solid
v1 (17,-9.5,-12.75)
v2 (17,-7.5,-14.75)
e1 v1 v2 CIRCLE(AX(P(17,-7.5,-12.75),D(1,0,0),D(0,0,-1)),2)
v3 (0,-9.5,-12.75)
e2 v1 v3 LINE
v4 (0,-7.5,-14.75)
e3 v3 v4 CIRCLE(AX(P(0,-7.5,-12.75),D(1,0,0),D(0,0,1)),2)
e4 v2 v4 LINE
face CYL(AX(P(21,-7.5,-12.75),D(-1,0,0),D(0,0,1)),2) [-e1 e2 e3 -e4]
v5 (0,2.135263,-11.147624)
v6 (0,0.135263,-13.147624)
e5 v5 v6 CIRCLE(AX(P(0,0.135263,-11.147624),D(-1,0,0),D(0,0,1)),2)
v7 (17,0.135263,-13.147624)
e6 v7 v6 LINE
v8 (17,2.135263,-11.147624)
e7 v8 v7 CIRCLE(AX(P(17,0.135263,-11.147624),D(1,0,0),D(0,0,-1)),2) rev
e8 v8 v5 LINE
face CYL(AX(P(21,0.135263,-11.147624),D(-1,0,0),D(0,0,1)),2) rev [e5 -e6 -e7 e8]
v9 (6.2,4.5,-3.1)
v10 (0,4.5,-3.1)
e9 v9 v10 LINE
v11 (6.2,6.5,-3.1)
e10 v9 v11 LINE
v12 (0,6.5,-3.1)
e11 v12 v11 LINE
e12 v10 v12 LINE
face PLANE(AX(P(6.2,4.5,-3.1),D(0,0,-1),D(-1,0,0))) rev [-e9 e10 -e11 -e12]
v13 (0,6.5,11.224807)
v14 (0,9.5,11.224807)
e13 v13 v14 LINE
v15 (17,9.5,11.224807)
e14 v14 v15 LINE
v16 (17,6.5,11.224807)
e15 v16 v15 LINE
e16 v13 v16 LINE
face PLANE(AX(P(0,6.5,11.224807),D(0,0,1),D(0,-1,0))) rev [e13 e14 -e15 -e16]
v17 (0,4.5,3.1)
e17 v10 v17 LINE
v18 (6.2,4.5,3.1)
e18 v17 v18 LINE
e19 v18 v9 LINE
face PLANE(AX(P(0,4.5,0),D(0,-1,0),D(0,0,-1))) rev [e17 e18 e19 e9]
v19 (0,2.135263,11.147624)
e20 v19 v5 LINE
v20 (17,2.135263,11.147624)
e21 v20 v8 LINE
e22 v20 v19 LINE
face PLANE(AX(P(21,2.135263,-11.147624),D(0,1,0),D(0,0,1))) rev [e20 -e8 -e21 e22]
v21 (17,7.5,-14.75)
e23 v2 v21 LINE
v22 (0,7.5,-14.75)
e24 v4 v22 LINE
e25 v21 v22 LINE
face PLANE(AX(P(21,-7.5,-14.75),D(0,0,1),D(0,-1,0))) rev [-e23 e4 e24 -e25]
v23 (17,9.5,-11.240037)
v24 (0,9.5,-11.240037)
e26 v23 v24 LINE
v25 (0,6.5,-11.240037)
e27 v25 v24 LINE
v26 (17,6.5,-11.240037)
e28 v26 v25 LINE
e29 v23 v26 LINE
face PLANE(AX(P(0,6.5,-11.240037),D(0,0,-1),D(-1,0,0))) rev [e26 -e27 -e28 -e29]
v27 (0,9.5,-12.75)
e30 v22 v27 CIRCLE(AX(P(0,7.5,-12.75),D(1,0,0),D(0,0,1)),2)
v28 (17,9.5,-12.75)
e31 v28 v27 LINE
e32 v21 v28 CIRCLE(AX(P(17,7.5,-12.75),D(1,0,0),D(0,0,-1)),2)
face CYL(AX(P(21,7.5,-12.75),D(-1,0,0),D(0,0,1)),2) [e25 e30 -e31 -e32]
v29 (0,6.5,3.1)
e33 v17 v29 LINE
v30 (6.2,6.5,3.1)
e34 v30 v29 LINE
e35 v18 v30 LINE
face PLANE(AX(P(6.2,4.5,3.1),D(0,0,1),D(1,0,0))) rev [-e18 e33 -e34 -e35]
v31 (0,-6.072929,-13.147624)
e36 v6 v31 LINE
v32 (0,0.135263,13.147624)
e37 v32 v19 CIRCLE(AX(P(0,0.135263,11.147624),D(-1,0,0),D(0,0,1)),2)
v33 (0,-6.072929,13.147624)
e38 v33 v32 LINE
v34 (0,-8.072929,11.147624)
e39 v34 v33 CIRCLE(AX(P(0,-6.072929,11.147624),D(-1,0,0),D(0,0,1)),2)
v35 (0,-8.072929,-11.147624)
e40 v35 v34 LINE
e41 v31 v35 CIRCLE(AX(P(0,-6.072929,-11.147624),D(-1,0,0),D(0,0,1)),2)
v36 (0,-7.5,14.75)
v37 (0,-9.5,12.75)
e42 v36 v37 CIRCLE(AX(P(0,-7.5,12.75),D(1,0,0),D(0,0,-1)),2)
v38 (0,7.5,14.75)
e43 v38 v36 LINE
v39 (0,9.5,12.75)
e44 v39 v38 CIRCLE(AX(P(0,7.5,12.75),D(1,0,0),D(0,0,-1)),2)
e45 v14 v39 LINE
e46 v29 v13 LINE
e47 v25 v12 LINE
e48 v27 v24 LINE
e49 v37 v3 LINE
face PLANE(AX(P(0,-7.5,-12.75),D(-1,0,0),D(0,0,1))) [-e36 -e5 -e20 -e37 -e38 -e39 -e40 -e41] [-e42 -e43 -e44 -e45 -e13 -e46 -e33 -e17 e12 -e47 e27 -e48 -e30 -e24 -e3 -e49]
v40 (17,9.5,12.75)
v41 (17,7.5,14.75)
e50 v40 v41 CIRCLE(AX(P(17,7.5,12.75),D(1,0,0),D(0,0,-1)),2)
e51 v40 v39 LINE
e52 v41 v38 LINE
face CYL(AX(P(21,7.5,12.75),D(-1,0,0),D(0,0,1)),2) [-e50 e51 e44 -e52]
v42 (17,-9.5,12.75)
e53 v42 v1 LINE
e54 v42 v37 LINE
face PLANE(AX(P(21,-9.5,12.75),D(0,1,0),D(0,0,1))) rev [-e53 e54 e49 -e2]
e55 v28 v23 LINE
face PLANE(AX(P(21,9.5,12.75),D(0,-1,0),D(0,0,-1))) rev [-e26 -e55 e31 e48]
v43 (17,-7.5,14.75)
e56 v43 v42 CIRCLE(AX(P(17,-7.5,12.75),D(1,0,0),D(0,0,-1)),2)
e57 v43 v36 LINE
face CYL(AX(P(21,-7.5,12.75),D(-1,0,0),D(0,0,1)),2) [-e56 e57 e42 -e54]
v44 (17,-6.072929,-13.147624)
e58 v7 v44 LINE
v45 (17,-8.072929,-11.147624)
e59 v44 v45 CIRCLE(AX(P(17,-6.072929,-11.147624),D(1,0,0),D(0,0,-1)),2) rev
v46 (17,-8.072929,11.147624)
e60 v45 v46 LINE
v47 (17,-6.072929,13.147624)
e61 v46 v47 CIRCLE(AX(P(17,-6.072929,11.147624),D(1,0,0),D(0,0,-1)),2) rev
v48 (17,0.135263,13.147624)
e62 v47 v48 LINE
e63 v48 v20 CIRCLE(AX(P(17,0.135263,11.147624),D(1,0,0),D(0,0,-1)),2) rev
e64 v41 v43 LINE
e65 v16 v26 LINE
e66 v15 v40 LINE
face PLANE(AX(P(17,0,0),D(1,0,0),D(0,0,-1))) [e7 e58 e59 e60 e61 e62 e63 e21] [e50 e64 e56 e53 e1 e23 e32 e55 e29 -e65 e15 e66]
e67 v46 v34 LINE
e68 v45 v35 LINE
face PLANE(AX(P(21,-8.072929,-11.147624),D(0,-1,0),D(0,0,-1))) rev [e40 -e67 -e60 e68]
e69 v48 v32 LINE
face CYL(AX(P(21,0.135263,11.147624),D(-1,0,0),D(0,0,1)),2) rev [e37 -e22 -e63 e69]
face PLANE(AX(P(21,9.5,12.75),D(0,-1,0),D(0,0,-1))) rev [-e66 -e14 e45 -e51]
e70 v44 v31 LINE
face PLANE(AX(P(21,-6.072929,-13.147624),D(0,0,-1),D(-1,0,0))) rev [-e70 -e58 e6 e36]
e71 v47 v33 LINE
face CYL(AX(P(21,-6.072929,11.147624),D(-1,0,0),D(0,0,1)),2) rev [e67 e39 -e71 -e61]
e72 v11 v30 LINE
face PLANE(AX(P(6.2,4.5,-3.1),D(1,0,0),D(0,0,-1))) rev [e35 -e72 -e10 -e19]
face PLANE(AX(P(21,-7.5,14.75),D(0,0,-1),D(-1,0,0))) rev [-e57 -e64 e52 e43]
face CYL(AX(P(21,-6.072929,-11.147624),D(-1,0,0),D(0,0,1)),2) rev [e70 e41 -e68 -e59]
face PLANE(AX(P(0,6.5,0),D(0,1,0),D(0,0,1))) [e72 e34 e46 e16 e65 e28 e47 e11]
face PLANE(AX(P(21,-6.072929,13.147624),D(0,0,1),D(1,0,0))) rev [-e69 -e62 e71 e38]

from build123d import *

# Parameters (mm, degrees)
BOSS_EXTRUDE1_DEPTH     = 21
SKETCH5_W               = 6.2
SKETCH5_H               = 6.2
CUT_EXTRUDE1_DEPTH      = 5
CUT_EXTRUDE2_DEPTH      = 28.364438602
CUT_EXTRUDE2_DEPTH_BACK = 28.364438602
SKETCH9_W               = 24.284850455
SKETCH9_H               = 22.464844075
CUT_EXTRUDE3_DEPTH      = 3
SKETCH10_W              = 31.815901763
SKETCH10_H              = 21.67332365
CUT_EXTRUDE4_DEPTH      = 4


with BuildPart() as part:
    # Sketch3 → Boss-Extrude1 (new body)
    with BuildSketch(Plane(origin=(0, 0, 0), x_dir=(0, 0, -1), z_dir=(1, 0, 0))):
        with BuildLine():
            Line((-12.75, -9.5), (12.75, -9.5))
            ThreePointArc((12.75, -9.5), (14.164213562, -8.914213562), (14.75, -7.5))
            Line((14.75, -7.5), (14.75, 7.5))
            ThreePointArc((14.75, 7.5), (14.164213562, 8.914213562), (12.75, 9.5))
            Line((12.75, 9.5), (-12.75, 9.5))
            ThreePointArc((-12.75, 9.5), (-14.164213562, 8.914213562), (-14.75, 7.5))
            Line((-14.75, 7.5), (-14.75, -7.5))
            ThreePointArc((-14.75, -7.5), (-14.164213562, -8.914213562), (-12.75, -9.5))
        make_face()
    extrude(amount=BOSS_EXTRUDE1_DEPTH)

    # Sketch5 → Cut-Extrude1 (cut)
    with BuildSketch(Plane(origin=(0, 9.5, 0), x_dir=(1, 0, 0), z_dir=(0, 1, 0))):
        with Locations((3.1, 0)):
            Rectangle(SKETCH5_W, SKETCH5_H)
    extrude(amount=-CUT_EXTRUDE1_DEPTH, mode=Mode.SUBTRACT)

    # Sketch7 → Cut-Extrude2 (cut, two sides: drawn at the far end of the back side and taken through both)
    with BuildSketch(Plane.ZY.offset(-CUT_EXTRUDE2_DEPTH_BACK)):
        with BuildLine():
            Line((-11.147623693, -8.072928754), (11.147623693, -8.072928754))
            ThreePointArc((11.147623693, -8.072928754), (12.561837255, -7.487142316), (13.147623693, -6.072928754))
            Line((13.147623693, -6.072928754), (13.147623693, 0.135263404))
            ThreePointArc((13.147623693, 0.135263404), (12.561837255, 1.549476966), (11.147623693, 2.135263404))
            Line((11.147623693, 2.135263404), (-11.147623693, 2.135263404))
            ThreePointArc((-11.147623693, 2.135263404), (-12.561837255, 1.549476966), (-13.147623693, 0.135263404))
            Line((-13.147623693, 0.135263404), (-13.147623693, -6.072928754))
            ThreePointArc((-13.147623693, -6.072928754), (-12.561837255, -7.487142316), (-11.147623693, -8.072928754))
        make_face()
    extrude(amount=CUT_EXTRUDE2_DEPTH + CUT_EXTRUDE2_DEPTH_BACK, mode=Mode.SUBTRACT)

    # Sketch9 → Cut-Extrude3 (cut)
    with BuildSketch(Plane(origin=(0, 9.5, 0), x_dir=(1, 0, 0), z_dir=(0, 1, 0))):
        with Locations((12.142425228, 0.007615305)):
            Rectangle(SKETCH9_W, SKETCH9_H)
    extrude(amount=-CUT_EXTRUDE3_DEPTH, mode=Mode.SUBTRACT)

    # Sketch10 → Cut-Extrude4 (cut)
    with BuildSketch(Plane(origin=(21, 0, 0), x_dir=(0, 0, -1), z_dir=(1, 0, 0))):
        with Locations((-0.011194899, 0.447795943)):
            Rectangle(SKETCH10_W, SKETCH10_H)
    extrude(amount=-CUT_EXTRUDE4_DEPTH, mode=Mode.SUBTRACT)


solid = part.part
